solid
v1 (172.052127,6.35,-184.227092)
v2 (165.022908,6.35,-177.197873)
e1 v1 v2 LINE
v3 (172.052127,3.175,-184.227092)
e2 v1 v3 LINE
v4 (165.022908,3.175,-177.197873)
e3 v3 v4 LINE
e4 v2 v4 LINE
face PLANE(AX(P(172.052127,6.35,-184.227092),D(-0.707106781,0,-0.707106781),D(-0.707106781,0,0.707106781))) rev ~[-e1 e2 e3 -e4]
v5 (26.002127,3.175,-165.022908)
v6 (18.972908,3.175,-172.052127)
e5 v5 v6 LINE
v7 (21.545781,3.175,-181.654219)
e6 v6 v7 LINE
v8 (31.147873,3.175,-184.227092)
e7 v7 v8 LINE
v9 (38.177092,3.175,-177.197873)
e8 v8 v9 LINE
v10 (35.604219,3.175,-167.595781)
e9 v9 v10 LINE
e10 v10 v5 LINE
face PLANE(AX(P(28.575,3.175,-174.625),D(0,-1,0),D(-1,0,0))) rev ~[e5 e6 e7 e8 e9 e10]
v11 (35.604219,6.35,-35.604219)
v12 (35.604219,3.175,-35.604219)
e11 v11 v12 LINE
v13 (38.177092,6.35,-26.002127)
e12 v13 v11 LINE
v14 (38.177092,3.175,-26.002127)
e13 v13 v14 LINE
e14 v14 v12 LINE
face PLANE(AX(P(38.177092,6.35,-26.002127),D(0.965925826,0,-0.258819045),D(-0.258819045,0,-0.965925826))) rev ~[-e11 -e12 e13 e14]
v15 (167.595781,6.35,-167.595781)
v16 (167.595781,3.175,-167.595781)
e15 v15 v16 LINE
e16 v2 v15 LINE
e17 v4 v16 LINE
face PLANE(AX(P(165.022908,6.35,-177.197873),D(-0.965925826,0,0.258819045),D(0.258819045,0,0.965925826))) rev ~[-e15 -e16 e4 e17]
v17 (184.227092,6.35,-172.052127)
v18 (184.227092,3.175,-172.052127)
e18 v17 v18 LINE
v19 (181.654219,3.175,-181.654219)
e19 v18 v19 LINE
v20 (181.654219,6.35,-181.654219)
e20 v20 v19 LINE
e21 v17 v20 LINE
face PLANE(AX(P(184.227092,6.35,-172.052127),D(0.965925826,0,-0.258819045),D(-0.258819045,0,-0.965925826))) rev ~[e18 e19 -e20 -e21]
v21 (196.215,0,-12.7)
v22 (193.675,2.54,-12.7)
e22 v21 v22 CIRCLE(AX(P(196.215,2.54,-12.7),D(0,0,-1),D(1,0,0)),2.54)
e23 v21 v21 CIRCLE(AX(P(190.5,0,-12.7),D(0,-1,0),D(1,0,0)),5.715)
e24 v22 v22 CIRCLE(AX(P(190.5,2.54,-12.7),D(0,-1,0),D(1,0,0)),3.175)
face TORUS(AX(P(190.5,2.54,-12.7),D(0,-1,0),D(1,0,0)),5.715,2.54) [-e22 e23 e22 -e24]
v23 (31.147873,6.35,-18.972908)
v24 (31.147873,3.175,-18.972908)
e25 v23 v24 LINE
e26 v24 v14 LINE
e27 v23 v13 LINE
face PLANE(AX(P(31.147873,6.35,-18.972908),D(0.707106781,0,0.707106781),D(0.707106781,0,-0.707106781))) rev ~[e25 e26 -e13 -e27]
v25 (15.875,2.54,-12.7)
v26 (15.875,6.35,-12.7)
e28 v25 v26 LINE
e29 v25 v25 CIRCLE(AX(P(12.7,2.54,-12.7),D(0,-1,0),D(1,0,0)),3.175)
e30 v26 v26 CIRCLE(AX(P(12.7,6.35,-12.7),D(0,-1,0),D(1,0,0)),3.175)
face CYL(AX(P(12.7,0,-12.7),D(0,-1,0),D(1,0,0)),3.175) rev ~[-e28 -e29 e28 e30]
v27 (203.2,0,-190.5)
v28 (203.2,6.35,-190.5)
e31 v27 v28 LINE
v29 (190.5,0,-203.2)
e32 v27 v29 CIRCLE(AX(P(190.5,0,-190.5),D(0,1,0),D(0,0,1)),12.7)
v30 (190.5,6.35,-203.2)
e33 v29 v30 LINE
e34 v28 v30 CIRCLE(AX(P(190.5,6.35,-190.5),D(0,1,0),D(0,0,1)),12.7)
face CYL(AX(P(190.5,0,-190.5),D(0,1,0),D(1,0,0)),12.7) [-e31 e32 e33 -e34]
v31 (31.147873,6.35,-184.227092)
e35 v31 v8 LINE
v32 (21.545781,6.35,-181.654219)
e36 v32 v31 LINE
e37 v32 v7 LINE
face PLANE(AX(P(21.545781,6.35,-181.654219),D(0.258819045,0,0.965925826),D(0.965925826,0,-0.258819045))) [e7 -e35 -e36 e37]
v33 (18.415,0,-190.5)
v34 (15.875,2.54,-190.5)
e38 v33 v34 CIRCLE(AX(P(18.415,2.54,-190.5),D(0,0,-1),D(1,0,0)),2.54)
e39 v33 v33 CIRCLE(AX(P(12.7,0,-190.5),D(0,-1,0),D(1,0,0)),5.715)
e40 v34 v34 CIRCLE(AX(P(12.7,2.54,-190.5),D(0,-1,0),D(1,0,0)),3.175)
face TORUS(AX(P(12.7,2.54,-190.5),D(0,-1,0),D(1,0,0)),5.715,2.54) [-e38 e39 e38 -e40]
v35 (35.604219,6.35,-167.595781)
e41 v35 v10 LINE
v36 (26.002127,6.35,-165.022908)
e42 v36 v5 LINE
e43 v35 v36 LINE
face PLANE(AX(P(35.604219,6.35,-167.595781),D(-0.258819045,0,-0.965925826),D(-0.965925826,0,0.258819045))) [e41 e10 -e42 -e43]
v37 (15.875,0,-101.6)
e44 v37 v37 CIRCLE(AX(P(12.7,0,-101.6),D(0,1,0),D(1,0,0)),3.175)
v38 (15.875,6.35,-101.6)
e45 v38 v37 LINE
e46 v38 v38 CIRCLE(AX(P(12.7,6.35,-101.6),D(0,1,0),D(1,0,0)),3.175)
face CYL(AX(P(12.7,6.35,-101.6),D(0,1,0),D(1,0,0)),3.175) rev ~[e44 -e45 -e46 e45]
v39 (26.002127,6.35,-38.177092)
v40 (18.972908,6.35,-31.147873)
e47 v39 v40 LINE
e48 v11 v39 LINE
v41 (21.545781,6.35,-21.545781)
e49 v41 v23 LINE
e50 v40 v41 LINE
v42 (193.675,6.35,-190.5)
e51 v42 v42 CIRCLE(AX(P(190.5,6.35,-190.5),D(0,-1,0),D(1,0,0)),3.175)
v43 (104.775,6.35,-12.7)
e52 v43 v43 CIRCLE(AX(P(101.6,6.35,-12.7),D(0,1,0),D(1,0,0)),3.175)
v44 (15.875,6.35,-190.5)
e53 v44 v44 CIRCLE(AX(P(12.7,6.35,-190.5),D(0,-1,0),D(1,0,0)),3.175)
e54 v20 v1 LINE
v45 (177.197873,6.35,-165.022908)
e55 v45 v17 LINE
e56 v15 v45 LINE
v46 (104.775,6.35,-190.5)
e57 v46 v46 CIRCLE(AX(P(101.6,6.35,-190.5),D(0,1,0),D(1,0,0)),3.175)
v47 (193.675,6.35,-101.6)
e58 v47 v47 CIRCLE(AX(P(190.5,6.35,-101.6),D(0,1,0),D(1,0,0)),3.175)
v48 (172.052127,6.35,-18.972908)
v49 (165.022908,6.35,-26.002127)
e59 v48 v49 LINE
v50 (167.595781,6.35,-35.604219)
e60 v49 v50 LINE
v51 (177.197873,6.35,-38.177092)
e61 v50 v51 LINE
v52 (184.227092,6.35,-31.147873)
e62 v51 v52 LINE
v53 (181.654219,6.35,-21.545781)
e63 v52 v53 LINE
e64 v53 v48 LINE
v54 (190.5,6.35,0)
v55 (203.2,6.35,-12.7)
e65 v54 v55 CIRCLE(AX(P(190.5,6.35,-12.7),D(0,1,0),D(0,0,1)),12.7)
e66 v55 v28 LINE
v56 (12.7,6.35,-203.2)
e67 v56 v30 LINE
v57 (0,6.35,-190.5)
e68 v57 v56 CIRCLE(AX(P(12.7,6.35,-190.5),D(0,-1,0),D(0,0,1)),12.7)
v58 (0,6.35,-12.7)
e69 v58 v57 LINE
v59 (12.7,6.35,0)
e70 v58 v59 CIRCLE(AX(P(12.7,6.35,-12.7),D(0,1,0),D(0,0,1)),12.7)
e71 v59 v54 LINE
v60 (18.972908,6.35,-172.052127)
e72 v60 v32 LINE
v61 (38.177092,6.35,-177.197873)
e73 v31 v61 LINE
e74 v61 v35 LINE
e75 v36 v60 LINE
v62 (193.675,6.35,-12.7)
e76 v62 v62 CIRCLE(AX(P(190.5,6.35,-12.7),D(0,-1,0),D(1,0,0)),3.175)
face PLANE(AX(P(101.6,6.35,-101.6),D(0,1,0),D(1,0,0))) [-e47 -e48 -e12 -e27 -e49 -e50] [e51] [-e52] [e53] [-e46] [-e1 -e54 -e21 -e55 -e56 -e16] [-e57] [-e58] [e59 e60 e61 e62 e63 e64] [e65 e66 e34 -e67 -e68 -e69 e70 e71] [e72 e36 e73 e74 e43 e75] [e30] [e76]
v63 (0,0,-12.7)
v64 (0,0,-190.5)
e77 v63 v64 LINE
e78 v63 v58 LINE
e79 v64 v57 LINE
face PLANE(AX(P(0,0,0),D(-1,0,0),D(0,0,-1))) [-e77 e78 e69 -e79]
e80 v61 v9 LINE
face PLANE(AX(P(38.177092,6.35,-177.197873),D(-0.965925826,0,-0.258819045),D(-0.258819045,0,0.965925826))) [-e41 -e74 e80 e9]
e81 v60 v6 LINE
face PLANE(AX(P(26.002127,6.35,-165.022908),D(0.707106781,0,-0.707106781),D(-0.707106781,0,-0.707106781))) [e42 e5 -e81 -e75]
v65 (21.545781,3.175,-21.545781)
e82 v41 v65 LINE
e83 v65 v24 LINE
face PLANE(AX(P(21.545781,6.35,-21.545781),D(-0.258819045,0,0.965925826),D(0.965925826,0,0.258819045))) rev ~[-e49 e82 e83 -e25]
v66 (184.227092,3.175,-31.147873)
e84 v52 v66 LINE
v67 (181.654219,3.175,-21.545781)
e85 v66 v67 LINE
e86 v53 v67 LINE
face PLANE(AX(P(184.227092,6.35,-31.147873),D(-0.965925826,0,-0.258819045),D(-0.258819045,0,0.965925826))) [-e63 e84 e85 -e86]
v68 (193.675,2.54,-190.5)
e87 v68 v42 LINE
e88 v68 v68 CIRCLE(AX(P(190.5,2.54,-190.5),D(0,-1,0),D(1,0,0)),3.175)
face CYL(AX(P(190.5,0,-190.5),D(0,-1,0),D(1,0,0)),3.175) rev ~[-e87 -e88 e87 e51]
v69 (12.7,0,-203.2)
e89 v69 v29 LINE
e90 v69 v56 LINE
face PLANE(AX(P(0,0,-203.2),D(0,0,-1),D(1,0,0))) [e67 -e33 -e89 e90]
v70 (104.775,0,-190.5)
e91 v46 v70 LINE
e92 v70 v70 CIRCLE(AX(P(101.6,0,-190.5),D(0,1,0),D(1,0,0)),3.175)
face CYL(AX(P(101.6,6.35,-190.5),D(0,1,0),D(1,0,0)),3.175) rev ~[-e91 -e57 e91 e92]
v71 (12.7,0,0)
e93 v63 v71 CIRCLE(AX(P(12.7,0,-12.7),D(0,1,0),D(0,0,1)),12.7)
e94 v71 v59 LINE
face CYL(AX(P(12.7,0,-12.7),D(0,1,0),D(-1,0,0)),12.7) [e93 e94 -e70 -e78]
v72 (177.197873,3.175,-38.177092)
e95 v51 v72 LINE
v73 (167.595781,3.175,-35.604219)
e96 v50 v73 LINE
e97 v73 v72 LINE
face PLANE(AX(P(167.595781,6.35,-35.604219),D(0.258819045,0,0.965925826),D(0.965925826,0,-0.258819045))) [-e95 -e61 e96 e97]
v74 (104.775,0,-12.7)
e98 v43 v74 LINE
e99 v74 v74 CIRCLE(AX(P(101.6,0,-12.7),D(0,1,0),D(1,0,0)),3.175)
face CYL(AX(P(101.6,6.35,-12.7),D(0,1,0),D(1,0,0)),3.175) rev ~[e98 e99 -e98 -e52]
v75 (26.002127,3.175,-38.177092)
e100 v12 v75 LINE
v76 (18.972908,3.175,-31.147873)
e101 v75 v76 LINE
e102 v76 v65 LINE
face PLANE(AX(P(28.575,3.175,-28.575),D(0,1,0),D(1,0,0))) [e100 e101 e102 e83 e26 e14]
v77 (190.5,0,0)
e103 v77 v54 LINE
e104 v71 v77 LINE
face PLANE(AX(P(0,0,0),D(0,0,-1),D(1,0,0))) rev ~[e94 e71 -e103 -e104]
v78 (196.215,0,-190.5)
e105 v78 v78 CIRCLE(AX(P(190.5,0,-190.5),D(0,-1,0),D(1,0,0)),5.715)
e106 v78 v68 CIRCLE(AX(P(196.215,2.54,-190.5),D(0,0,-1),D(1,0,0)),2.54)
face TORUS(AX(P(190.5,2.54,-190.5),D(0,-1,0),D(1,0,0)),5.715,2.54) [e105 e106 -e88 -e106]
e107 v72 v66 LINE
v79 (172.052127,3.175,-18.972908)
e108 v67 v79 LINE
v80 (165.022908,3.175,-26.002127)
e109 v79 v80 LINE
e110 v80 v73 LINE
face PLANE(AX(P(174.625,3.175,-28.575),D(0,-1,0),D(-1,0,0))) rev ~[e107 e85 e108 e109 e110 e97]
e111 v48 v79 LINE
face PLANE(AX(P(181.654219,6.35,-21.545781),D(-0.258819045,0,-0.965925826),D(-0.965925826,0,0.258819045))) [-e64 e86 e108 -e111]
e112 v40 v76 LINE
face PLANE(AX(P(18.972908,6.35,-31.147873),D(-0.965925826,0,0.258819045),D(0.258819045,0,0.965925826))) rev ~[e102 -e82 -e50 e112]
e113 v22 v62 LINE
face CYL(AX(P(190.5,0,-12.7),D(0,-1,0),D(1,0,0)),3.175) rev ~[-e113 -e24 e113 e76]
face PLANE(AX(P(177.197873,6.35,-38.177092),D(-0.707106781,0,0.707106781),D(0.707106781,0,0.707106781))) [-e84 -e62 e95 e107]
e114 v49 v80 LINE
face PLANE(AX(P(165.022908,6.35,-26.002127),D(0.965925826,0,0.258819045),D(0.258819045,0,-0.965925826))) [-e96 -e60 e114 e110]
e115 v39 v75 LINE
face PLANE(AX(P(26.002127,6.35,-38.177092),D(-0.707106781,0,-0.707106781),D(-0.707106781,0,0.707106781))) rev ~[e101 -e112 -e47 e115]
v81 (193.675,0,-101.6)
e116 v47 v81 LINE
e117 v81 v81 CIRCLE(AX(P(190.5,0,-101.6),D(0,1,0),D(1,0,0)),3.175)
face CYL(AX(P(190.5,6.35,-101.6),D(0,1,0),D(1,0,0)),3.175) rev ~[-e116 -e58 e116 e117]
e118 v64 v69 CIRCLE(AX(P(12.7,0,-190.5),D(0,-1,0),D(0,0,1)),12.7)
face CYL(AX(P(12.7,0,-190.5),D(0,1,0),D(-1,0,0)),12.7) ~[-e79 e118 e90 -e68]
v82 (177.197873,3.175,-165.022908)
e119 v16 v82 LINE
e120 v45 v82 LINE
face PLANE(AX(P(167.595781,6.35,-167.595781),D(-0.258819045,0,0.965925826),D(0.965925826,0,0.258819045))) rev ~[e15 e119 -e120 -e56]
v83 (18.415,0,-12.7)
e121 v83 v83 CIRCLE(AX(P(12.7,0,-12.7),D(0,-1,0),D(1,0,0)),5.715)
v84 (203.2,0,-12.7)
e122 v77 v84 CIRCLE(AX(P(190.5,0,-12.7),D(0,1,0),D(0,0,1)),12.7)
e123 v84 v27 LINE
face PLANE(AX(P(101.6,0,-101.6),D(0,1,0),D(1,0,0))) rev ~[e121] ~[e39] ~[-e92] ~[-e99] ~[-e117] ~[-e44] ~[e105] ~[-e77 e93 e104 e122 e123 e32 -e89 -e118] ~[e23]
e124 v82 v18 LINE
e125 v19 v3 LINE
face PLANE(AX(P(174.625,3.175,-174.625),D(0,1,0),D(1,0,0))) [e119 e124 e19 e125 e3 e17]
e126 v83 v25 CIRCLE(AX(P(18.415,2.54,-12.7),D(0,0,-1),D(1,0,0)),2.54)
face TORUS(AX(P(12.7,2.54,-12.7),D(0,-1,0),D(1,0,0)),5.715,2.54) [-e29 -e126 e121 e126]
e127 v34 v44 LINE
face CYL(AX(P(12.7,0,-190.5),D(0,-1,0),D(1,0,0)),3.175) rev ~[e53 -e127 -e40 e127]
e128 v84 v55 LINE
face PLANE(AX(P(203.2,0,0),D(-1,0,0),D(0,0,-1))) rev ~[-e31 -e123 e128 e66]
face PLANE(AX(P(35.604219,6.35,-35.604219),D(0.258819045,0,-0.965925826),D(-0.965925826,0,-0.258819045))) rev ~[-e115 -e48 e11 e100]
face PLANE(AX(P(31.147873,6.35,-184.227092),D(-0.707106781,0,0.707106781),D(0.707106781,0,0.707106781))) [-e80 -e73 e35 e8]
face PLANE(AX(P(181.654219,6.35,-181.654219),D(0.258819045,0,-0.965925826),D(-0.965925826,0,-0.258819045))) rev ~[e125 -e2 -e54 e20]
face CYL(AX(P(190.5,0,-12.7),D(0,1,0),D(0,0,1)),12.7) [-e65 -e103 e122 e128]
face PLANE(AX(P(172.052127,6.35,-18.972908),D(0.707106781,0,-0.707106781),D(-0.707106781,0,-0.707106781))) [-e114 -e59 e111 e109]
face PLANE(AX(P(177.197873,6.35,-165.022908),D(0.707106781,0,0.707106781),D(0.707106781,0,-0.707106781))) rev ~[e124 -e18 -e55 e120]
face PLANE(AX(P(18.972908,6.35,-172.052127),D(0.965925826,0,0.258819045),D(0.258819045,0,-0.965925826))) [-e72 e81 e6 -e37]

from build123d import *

# Parameters (mm, degrees)
SKETCH1_W           = 203.2
SKETCH1_H           = 203.2
BOSS_EXTRUDE1_DEPTH = 6.35
FILLET1_R           = 12.7
SKETCH2_R           = 3.175
CUT_EXTRUDE1_DEPTH  = 7.35
CUT_EXTRUDE2_DEPTH  = 3.175
FILLET2_R           = 2.54
SKETCH23_R          = 3.175
CUT_EXTRUDE3_DEPTH  = 7.35


with BuildPart() as part:
    # Sketch1 → Boss-Extrude1 (new body)
    with BuildSketch(Plane(origin=(0, 0, 0), x_dir=(1, 0, 0), z_dir=(0, 1, 0))):
        with Locations((101.6, 101.6)):
            Rectangle(SKETCH1_W, SKETCH1_H)
    extrude(amount=BOSS_EXTRUDE1_DEPTH)

    # Fillet1
    fillet1_edges = [part.edges().sort_by_distance(p)[0] for p in [
        (0, 3.175, -203.2),
        (203.2, 3.175, -203.2),
        (203.2, 3.175, 0),
        (0, 3.175, 0),
    ]]
    fillet(fillet1_edges, radius=FILLET1_R)

    # Sketch2 → Cut-Extrude1 (cut, through all)
    with BuildSketch(Plane.XZ):
        with Locations((12.7, -12.7)):
            Circle(SKETCH2_R)
        with Locations((190.5, -12.7)):
            Circle(SKETCH2_R)
        with Locations((190.5, -190.5)):
            Circle(SKETCH2_R)
        with Locations((12.7, -190.5)):
            Circle(SKETCH2_R)
    extrude(amount=-CUT_EXTRUDE1_DEPTH, mode=Mode.SUBTRACT)

    # Sketch22 → Cut-Extrude2 (cut)
    with BuildSketch(Plane(origin=(0, 6.35, 0), x_dir=(1, 0, 0), z_dir=(0, 1, 0))):
        Polygon((181.654219065, 181.654219065), (172.052127253, 184.227091812), (165.022908188, 177.197872747), (167.595780935, 167.595780935), (177.197872747, 165.022908188), (184.227091812, 172.052127253), align=None)
        Polygon((18.972908188, 172.052127253), (21.545780935, 181.654219065), (31.147872747, 184.227091812), (38.177091812, 177.197872747), (35.604219065, 167.595780935), (26.002127253, 165.022908188), align=None)
        Polygon((184.227091812, 31.147872747), (181.654219065, 21.545780935), (172.052127253, 18.972908188), (165.022908188, 26.002127253), (167.595780935, 35.604219065), (177.197872747, 38.177091812), align=None)
        Polygon((21.545780935, 21.545780935), (31.147872747, 18.972908188), (38.177091812, 26.002127253), (35.604219065, 35.604219065), (26.002127253, 38.177091812), (18.972908188, 31.147872747), align=None)
    extrude(amount=-CUT_EXTRUDE2_DEPTH, mode=Mode.SUBTRACT)

    # Fillet2
    fillet2_edges = [part.edges().sort_by_distance(p)[0] for p in [
        (9.525, 0, -190.5),
        (187.325, 0, -190.5),
        (187.325, 0, -12.7),
        (9.525, 0, -12.7),
    ]]
    fillet(fillet2_edges, radius=FILLET2_R)

    # Sketch23 → Cut-Extrude3 (cut, through all)
    with BuildSketch(Plane(origin=(0, 6.35, 0), x_dir=(1, 0, 0), z_dir=(0, 1, 0))):
        with Locations((190.5, 101.6)):
            Circle(SKETCH23_R)
        with Locations((101.6, 12.7)):
            Circle(SKETCH23_R)
        with Locations((12.7, 101.6)):
            Circle(SKETCH23_R)
        with Locations((101.6, 190.5)):
            Circle(SKETCH23_R)
    extrude(amount=-CUT_EXTRUDE3_DEPTH, mode=Mode.SUBTRACT)


solid = part.part
